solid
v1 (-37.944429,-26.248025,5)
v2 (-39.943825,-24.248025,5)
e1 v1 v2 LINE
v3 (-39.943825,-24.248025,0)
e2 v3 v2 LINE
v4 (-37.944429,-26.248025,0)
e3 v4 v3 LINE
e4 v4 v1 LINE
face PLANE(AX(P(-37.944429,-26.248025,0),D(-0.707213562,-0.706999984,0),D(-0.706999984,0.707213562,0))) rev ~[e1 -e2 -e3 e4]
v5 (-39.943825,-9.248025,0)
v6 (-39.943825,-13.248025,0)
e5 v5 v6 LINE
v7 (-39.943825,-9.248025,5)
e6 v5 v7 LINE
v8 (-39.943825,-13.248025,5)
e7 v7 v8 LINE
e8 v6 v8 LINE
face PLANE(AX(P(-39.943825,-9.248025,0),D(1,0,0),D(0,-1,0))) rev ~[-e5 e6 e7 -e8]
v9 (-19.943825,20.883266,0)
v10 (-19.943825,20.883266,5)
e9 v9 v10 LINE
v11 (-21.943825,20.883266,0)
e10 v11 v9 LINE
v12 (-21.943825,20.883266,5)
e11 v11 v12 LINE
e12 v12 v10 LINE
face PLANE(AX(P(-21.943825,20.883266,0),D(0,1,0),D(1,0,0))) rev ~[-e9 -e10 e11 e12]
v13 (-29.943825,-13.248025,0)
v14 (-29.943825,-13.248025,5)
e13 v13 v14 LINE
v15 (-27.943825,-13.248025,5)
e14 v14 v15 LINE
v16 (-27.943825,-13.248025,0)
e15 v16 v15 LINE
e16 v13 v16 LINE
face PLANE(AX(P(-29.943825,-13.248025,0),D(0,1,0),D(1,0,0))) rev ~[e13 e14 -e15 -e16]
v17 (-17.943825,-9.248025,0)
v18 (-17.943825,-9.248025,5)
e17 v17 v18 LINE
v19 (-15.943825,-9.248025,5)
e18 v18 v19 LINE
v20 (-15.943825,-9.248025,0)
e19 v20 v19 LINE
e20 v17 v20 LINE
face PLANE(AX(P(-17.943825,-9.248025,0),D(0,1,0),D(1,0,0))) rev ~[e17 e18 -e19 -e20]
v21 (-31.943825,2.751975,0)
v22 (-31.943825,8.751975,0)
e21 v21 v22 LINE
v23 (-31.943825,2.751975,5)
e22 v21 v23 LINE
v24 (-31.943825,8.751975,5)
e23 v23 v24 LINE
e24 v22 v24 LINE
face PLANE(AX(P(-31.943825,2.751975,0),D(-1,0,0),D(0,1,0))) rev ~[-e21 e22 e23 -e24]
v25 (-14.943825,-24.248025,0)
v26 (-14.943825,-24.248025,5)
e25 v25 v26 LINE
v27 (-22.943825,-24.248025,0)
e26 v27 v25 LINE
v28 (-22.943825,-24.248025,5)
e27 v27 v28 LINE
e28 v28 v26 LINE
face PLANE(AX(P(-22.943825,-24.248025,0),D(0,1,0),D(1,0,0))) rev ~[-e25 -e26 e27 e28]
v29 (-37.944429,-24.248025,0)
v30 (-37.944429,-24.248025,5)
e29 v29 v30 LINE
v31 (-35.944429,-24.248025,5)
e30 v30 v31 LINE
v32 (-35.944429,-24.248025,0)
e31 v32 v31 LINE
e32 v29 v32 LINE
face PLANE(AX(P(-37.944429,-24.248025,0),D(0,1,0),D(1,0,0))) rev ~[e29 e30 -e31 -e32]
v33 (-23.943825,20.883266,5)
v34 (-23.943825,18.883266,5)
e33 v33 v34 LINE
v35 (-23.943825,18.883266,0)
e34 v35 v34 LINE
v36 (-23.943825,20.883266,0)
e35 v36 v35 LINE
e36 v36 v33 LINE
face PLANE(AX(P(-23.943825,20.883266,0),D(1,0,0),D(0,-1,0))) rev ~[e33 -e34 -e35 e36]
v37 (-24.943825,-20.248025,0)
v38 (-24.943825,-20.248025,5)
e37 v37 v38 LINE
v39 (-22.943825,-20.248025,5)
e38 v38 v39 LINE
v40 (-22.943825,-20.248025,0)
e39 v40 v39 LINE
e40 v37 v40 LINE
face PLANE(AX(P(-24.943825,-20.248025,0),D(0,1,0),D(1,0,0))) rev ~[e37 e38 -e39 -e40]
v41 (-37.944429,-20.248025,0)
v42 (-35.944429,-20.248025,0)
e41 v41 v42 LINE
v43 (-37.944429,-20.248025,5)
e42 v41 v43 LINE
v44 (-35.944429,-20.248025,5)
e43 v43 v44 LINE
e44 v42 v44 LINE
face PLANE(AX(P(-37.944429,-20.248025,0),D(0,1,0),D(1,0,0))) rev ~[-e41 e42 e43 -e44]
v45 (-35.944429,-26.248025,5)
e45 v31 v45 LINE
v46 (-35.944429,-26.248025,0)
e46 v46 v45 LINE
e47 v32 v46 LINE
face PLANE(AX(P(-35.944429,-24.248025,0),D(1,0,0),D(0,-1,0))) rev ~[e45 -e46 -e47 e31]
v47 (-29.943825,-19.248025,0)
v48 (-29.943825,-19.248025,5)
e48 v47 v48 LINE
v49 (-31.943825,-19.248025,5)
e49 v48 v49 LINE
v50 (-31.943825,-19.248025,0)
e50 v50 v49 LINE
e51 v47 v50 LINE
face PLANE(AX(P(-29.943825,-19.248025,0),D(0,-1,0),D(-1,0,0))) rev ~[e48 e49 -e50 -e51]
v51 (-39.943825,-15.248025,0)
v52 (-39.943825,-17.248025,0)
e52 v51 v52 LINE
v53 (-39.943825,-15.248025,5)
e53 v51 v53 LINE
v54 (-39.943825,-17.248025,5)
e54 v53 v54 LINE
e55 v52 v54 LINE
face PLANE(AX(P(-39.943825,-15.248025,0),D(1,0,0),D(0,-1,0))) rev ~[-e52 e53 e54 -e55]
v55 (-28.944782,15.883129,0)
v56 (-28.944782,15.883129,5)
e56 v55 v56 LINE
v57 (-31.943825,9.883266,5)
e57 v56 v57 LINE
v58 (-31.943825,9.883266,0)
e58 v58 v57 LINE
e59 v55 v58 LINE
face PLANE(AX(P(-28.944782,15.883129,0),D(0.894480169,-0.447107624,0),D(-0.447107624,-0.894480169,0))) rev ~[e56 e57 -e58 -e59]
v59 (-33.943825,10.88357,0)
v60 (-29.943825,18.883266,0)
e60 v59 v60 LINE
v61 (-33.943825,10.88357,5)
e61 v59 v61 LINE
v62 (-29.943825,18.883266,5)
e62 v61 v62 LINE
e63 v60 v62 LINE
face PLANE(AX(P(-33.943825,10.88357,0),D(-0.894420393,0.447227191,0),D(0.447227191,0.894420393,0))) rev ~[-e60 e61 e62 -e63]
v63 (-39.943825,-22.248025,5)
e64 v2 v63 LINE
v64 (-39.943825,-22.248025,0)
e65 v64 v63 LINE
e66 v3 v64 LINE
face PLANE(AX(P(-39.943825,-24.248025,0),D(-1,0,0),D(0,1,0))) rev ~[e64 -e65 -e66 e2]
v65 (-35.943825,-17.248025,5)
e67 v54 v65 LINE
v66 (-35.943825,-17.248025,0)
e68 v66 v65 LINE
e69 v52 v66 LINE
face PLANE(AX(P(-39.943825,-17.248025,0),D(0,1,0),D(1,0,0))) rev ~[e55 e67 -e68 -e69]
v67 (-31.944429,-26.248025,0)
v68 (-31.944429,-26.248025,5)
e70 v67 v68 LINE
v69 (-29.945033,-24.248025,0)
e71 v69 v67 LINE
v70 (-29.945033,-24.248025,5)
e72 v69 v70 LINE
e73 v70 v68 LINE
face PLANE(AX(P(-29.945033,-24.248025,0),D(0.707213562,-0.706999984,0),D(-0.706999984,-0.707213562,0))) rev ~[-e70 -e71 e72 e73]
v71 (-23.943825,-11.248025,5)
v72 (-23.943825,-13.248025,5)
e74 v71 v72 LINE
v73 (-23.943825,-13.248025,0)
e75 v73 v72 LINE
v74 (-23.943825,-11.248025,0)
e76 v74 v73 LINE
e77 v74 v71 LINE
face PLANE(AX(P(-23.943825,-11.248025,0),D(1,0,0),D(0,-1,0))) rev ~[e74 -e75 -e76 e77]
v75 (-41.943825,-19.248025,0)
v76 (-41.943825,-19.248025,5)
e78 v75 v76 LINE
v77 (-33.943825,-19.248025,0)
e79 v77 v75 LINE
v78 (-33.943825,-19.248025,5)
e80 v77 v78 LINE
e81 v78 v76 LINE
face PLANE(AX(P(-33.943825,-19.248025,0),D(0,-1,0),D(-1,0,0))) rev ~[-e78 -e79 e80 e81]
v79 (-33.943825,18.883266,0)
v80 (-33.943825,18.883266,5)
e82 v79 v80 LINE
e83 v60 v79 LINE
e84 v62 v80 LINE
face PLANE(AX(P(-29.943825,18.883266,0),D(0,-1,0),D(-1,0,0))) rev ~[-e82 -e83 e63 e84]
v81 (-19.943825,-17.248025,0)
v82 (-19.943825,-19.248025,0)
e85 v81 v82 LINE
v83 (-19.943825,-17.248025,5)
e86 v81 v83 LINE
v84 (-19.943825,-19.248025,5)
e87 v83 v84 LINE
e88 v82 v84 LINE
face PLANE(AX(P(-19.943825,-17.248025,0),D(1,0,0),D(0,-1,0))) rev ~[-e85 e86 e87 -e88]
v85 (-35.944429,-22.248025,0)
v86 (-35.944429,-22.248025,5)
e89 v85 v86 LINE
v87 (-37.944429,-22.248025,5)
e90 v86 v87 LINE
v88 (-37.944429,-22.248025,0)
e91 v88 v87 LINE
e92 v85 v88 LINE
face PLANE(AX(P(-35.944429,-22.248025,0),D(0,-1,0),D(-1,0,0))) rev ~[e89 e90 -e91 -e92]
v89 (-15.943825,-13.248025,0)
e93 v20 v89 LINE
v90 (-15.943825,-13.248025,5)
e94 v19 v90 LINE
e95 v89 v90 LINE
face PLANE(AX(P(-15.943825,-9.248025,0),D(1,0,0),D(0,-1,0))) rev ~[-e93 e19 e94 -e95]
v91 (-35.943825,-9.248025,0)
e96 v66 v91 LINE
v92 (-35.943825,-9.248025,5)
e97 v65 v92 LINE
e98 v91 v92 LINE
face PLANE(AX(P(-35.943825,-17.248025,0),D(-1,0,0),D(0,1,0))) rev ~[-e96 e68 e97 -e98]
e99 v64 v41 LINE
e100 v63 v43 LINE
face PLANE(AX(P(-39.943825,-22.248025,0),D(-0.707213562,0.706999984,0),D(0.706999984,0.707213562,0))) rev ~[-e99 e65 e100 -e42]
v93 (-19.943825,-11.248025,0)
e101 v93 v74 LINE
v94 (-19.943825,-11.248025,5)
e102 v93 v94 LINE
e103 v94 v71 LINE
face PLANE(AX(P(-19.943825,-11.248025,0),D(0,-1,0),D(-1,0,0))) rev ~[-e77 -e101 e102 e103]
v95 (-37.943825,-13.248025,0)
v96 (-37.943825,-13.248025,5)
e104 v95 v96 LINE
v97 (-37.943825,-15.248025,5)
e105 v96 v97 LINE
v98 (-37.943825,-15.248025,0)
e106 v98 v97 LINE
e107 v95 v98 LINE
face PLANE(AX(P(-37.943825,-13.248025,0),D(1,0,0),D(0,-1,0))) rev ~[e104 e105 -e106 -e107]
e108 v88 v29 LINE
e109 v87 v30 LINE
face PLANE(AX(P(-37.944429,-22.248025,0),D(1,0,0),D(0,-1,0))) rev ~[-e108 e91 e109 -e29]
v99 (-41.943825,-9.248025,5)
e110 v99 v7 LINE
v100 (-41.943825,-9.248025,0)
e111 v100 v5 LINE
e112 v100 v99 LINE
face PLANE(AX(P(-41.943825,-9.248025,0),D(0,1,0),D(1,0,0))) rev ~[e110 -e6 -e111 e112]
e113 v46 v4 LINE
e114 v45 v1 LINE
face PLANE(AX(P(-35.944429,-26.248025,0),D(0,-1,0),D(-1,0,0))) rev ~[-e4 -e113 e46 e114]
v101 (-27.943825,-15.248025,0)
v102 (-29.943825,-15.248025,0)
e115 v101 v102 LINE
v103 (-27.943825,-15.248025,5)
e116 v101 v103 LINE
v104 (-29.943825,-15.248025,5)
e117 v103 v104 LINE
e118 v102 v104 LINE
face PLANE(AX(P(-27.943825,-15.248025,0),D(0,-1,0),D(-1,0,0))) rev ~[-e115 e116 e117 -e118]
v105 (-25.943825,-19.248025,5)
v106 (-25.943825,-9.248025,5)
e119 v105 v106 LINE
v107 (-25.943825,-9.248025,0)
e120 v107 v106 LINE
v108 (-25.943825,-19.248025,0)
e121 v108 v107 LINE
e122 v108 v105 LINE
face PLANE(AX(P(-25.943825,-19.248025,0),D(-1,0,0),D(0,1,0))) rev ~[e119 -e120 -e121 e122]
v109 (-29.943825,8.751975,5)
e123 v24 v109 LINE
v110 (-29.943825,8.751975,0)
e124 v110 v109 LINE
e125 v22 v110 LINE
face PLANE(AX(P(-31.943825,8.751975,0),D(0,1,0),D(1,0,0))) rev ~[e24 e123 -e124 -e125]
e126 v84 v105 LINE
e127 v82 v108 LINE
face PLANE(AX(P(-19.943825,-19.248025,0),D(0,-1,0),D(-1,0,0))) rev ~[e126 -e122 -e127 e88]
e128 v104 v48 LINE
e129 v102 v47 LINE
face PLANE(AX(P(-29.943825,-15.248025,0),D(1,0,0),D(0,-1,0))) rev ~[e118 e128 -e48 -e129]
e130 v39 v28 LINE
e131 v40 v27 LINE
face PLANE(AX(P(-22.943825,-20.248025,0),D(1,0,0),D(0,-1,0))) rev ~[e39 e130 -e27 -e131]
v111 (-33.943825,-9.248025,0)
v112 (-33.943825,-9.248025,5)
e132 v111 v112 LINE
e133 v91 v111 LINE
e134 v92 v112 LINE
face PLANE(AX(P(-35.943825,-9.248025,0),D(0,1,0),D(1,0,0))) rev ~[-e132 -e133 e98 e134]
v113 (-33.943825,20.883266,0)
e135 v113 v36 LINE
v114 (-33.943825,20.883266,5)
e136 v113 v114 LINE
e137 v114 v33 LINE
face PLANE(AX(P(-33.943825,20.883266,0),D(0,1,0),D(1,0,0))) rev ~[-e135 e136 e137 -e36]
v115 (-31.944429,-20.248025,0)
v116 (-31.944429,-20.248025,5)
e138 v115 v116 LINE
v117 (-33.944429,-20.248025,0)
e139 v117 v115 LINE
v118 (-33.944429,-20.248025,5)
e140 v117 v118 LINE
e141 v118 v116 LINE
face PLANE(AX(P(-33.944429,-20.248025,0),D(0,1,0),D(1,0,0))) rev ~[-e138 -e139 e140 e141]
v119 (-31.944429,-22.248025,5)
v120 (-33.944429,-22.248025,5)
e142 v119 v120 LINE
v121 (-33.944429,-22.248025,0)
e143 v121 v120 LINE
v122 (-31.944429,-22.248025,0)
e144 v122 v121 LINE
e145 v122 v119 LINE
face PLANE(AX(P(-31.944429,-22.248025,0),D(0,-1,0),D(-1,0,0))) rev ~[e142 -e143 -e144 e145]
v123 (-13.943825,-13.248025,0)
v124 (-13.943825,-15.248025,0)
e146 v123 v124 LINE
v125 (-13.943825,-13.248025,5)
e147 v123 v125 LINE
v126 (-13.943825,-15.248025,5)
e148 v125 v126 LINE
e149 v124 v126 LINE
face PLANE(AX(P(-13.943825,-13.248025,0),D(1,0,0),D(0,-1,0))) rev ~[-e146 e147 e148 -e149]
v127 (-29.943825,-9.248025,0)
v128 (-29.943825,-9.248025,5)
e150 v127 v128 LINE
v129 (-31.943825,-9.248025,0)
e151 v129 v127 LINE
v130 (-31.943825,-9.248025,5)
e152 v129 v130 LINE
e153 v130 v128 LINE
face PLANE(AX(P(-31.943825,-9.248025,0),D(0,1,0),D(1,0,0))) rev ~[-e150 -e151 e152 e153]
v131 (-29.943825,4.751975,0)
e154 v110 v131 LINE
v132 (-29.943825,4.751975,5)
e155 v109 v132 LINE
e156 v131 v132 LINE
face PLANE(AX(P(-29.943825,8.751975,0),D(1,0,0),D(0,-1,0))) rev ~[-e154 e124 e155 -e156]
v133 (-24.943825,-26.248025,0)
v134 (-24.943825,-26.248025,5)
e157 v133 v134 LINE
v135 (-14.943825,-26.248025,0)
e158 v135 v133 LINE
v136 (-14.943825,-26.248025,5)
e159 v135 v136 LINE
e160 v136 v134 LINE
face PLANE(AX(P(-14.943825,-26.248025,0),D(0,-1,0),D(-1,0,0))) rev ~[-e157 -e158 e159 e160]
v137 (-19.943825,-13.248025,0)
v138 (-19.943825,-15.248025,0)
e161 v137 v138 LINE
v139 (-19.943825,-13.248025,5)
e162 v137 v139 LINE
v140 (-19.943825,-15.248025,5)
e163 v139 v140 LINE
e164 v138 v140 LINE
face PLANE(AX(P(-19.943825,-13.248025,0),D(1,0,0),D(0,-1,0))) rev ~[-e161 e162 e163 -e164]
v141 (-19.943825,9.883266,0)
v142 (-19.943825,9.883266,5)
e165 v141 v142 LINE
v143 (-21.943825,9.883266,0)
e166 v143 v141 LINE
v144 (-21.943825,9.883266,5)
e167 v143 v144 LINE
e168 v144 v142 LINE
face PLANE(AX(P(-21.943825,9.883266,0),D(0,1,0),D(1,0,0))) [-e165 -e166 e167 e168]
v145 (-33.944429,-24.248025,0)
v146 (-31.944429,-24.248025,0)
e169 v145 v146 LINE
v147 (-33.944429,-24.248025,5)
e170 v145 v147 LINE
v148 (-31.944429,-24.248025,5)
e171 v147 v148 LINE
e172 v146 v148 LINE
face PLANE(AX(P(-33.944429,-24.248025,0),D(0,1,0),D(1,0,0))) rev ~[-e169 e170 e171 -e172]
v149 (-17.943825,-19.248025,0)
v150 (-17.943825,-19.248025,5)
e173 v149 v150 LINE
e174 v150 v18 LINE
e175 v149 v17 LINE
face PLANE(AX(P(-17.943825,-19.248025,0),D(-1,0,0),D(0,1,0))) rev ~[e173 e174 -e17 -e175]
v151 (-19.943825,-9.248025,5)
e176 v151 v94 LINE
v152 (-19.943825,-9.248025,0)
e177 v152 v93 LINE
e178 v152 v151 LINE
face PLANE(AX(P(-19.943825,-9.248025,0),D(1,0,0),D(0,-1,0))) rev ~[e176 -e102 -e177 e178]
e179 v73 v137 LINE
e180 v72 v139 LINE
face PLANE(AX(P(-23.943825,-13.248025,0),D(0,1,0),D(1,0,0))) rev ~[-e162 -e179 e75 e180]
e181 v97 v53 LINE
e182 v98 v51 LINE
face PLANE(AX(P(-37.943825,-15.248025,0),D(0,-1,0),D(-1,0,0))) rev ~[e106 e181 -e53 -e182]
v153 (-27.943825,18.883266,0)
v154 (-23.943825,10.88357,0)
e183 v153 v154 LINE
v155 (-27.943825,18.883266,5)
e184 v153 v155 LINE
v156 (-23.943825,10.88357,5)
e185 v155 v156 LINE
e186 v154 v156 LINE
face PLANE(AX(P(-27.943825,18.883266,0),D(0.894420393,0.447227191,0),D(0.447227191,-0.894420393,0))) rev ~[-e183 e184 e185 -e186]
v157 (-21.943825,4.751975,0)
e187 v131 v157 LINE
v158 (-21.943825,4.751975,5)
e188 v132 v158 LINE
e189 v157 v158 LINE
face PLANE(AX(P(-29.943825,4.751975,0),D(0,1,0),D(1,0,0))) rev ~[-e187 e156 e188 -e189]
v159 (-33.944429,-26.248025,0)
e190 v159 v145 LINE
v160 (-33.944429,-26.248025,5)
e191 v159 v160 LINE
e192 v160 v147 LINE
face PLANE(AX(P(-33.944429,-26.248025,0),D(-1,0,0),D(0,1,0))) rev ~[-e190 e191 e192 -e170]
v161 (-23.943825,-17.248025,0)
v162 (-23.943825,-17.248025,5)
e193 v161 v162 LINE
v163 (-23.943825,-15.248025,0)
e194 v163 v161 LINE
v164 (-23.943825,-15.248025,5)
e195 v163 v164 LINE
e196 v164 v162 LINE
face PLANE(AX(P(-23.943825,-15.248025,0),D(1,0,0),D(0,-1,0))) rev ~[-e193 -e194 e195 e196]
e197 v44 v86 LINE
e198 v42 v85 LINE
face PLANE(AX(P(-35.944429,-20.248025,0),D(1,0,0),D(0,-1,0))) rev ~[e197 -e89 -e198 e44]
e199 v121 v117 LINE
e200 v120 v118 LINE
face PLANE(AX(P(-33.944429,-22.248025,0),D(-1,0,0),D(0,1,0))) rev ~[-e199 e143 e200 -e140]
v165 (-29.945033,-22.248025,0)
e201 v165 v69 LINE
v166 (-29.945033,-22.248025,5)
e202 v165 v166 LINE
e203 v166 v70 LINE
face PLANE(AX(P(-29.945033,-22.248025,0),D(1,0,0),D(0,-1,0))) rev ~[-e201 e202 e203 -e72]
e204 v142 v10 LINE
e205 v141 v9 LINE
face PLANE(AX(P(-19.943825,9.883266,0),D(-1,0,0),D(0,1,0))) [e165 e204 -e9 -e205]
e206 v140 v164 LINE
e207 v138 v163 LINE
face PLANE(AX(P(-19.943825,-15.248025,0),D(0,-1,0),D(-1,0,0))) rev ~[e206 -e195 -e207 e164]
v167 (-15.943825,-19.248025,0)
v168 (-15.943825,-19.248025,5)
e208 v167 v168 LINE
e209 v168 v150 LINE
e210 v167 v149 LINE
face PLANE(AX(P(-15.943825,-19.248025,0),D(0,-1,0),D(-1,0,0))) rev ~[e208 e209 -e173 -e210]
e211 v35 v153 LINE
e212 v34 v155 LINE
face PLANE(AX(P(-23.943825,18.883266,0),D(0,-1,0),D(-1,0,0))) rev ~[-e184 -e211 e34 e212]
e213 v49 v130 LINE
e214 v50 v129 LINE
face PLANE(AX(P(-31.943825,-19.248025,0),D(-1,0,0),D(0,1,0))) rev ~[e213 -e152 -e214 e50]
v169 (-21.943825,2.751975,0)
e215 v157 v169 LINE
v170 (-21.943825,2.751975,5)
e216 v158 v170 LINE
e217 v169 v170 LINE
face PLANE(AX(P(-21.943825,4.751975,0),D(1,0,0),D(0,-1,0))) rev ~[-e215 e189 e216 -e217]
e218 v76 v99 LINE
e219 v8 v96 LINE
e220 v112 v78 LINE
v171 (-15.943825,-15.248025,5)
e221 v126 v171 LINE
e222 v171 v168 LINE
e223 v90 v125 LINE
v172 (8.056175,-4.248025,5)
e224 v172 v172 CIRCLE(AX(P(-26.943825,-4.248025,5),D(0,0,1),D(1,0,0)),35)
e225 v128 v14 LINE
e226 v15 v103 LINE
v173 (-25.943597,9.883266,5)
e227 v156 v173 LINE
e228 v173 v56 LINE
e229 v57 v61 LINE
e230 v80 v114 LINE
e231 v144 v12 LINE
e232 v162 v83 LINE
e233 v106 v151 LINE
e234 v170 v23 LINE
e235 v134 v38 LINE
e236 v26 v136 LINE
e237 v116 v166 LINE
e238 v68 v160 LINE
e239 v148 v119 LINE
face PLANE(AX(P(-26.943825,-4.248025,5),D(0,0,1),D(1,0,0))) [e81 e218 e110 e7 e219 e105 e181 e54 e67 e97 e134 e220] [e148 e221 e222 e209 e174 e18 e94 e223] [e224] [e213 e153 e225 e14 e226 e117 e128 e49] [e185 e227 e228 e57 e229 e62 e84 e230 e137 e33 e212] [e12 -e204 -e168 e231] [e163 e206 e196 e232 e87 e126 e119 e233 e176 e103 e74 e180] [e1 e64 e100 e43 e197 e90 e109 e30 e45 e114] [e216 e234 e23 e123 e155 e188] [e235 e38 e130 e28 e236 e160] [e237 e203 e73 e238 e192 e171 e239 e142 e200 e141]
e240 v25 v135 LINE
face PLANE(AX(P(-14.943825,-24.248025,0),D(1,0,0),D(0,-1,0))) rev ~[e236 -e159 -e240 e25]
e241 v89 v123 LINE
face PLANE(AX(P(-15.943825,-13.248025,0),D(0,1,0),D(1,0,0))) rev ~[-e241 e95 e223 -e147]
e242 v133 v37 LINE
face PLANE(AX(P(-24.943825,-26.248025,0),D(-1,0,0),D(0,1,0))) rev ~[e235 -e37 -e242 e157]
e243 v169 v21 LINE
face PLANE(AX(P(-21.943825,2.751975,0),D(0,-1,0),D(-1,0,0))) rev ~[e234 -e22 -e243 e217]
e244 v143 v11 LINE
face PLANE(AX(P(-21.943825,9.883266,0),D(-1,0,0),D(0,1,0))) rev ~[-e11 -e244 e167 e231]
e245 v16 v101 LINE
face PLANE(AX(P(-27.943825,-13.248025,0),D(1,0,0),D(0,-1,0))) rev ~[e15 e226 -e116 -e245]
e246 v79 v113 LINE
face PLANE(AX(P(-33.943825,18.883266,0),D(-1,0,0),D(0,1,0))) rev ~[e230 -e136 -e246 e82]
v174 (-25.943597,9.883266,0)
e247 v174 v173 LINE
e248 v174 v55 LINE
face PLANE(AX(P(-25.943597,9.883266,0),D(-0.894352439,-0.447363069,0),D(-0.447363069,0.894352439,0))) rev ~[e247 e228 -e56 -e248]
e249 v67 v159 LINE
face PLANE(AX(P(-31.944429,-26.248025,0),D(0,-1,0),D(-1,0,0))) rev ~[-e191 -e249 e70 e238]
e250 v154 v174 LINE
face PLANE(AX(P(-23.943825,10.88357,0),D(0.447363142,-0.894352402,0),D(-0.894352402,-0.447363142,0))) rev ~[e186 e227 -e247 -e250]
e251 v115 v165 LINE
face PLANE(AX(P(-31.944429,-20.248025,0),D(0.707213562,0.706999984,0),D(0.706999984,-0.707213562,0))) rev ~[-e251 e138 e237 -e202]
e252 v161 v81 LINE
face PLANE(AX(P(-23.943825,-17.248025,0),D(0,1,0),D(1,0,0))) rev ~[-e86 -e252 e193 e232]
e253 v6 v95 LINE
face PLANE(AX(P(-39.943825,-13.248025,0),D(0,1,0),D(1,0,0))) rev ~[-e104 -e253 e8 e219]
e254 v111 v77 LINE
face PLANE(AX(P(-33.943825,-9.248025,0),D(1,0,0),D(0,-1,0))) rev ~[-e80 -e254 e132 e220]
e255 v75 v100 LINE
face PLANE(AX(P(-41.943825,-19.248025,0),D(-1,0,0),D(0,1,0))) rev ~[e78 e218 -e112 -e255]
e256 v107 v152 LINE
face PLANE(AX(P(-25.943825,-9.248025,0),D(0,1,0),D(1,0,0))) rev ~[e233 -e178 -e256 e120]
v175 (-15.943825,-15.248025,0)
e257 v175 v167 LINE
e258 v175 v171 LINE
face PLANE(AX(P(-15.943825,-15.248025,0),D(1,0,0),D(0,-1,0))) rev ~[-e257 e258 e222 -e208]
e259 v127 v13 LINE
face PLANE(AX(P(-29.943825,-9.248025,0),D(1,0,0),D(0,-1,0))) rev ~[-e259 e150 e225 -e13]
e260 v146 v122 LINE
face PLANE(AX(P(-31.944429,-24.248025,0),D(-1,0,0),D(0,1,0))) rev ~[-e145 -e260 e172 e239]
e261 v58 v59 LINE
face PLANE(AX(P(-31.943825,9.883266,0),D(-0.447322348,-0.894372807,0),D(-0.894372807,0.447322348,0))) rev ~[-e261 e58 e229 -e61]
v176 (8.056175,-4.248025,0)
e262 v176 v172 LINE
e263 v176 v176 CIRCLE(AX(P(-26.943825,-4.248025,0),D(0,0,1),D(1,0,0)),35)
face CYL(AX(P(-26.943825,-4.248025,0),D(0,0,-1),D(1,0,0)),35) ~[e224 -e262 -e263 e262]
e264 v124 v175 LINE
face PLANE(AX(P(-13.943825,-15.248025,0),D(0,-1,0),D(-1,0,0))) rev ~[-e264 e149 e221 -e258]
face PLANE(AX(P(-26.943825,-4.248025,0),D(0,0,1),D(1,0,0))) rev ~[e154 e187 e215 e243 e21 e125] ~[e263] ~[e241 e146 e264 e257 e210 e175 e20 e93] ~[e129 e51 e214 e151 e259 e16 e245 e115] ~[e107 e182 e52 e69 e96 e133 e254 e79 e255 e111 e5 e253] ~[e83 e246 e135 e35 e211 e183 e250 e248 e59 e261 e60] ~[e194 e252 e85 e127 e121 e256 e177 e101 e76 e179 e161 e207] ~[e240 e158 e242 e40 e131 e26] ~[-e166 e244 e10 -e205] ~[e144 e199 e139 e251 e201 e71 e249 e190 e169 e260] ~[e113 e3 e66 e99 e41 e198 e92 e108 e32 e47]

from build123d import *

# Parameters (mm, degrees)
F0_R     = 35
F0_W     = 2
F0_H     = 11
F1_DEPTH = 5


with BuildPart() as f1:
    # F0 (on Top) → F1 (new body)
    with BuildSketch(Plane.XY):
        with Locations((-26.943825, -4.248025)):
            Circle(F0_R)
        Polygon((-39.943825, -22.248025), (-37.944429, -20.248025), (-35.944429, -20.248025), (-35.944429, -22.248025), (-37.944429, -22.248025), (-37.944429, -24.248025), (-35.944429, -24.248025), (-35.944429, -26.248025), (-37.944429, -26.248025), (-39.943825, -24.248025), align=None, mode=Mode.SUBTRACT)
        Polygon((-31.944429, -20.248025), (-29.945033, -22.248025), (-29.945033, -24.248025), (-31.944429, -26.248025), (-33.944429, -26.248025), (-33.944429, -24.248025), (-31.944429, -24.248025), (-31.944429, -22.248025), (-33.944429, -22.248025), (-33.944429, -20.248025), align=None, mode=Mode.SUBTRACT)
        Polygon((-41.943825, -19.248025), (-41.943825, -9.248025), (-39.943825, -9.248025), (-39.943825, -13.248025), (-37.943825, -13.248025), (-37.943825, -15.248025), (-39.943825, -15.248025), (-39.943825, -17.248025), (-35.943825, -17.248025), (-35.943825, -9.248025), (-33.943825, -9.248025), (-33.943825, -19.248025), (-39.943825, -19.248025), align=None, mode=Mode.SUBTRACT)
        Polygon((-31.943825, -9.248025), (-29.943825, -9.248025), (-29.943825, -13.248025), (-27.943825, -13.248025), (-27.943825, -15.248025), (-29.943825, -15.248025), (-29.943825, -19.248025), (-31.943825, -19.248025), align=None, mode=Mode.SUBTRACT)
        Polygon((-24.943825, -26.248025), (-24.943825, -20.248025), (-22.943825, -20.248025), (-22.943825, -24.248025), (-14.943825, -24.248025), (-14.943825, -26.248025), align=None, mode=Mode.SUBTRACT)
        Polygon((-25.943825, -19.248025), (-25.943825, -9.248025), (-19.943825, -9.248025), (-19.943825, -11.248025), (-23.943825, -11.248025), (-23.943825, -13.248025), (-19.943825, -13.248025), (-19.943825, -15.248025), (-23.943825, -15.248025), (-23.943825, -17.248025), (-19.943825, -17.248025), (-19.943825, -19.248025), (-24.943825, -19.248025), align=None, mode=Mode.SUBTRACT)
        Polygon((-17.943825, -19.248025), (-17.943825, -9.248025), (-15.943825, -9.248025), (-15.943825, -13.248025), (-13.943825, -13.248025), (-13.943825, -15.248025), (-15.943825, -15.248025), (-15.943825, -19.248025), align=None, mode=Mode.SUBTRACT)
        Polygon((-33.943825, 18.883266), (-33.943825, 20.883266), (-23.943825, 20.883266), (-23.943825, 18.883266), (-27.943825, 18.883266), (-23.943825, 10.88357), (-25.943597, 9.883266), (-28.944782, 15.883129), (-31.943825, 9.883266), (-33.943825, 10.88357), (-29.943825, 18.883266), align=None, mode=Mode.SUBTRACT)
        Polygon((-29.943825, 8.751975), (-29.943825, 5.751975), (-29.943825, 4.751975), (-21.943825, 4.751975), (-21.943825, 2.751975), (-31.943825, 2.751975), (-31.943825, 8.751975), align=None, mode=Mode.SUBTRACT)
        with Locations((-20.943825, 15.383266)):
            Rectangle(F0_W, F0_H, mode=Mode.SUBTRACT)
    extrude(amount=F1_DEPTH)


solid = f1.part
